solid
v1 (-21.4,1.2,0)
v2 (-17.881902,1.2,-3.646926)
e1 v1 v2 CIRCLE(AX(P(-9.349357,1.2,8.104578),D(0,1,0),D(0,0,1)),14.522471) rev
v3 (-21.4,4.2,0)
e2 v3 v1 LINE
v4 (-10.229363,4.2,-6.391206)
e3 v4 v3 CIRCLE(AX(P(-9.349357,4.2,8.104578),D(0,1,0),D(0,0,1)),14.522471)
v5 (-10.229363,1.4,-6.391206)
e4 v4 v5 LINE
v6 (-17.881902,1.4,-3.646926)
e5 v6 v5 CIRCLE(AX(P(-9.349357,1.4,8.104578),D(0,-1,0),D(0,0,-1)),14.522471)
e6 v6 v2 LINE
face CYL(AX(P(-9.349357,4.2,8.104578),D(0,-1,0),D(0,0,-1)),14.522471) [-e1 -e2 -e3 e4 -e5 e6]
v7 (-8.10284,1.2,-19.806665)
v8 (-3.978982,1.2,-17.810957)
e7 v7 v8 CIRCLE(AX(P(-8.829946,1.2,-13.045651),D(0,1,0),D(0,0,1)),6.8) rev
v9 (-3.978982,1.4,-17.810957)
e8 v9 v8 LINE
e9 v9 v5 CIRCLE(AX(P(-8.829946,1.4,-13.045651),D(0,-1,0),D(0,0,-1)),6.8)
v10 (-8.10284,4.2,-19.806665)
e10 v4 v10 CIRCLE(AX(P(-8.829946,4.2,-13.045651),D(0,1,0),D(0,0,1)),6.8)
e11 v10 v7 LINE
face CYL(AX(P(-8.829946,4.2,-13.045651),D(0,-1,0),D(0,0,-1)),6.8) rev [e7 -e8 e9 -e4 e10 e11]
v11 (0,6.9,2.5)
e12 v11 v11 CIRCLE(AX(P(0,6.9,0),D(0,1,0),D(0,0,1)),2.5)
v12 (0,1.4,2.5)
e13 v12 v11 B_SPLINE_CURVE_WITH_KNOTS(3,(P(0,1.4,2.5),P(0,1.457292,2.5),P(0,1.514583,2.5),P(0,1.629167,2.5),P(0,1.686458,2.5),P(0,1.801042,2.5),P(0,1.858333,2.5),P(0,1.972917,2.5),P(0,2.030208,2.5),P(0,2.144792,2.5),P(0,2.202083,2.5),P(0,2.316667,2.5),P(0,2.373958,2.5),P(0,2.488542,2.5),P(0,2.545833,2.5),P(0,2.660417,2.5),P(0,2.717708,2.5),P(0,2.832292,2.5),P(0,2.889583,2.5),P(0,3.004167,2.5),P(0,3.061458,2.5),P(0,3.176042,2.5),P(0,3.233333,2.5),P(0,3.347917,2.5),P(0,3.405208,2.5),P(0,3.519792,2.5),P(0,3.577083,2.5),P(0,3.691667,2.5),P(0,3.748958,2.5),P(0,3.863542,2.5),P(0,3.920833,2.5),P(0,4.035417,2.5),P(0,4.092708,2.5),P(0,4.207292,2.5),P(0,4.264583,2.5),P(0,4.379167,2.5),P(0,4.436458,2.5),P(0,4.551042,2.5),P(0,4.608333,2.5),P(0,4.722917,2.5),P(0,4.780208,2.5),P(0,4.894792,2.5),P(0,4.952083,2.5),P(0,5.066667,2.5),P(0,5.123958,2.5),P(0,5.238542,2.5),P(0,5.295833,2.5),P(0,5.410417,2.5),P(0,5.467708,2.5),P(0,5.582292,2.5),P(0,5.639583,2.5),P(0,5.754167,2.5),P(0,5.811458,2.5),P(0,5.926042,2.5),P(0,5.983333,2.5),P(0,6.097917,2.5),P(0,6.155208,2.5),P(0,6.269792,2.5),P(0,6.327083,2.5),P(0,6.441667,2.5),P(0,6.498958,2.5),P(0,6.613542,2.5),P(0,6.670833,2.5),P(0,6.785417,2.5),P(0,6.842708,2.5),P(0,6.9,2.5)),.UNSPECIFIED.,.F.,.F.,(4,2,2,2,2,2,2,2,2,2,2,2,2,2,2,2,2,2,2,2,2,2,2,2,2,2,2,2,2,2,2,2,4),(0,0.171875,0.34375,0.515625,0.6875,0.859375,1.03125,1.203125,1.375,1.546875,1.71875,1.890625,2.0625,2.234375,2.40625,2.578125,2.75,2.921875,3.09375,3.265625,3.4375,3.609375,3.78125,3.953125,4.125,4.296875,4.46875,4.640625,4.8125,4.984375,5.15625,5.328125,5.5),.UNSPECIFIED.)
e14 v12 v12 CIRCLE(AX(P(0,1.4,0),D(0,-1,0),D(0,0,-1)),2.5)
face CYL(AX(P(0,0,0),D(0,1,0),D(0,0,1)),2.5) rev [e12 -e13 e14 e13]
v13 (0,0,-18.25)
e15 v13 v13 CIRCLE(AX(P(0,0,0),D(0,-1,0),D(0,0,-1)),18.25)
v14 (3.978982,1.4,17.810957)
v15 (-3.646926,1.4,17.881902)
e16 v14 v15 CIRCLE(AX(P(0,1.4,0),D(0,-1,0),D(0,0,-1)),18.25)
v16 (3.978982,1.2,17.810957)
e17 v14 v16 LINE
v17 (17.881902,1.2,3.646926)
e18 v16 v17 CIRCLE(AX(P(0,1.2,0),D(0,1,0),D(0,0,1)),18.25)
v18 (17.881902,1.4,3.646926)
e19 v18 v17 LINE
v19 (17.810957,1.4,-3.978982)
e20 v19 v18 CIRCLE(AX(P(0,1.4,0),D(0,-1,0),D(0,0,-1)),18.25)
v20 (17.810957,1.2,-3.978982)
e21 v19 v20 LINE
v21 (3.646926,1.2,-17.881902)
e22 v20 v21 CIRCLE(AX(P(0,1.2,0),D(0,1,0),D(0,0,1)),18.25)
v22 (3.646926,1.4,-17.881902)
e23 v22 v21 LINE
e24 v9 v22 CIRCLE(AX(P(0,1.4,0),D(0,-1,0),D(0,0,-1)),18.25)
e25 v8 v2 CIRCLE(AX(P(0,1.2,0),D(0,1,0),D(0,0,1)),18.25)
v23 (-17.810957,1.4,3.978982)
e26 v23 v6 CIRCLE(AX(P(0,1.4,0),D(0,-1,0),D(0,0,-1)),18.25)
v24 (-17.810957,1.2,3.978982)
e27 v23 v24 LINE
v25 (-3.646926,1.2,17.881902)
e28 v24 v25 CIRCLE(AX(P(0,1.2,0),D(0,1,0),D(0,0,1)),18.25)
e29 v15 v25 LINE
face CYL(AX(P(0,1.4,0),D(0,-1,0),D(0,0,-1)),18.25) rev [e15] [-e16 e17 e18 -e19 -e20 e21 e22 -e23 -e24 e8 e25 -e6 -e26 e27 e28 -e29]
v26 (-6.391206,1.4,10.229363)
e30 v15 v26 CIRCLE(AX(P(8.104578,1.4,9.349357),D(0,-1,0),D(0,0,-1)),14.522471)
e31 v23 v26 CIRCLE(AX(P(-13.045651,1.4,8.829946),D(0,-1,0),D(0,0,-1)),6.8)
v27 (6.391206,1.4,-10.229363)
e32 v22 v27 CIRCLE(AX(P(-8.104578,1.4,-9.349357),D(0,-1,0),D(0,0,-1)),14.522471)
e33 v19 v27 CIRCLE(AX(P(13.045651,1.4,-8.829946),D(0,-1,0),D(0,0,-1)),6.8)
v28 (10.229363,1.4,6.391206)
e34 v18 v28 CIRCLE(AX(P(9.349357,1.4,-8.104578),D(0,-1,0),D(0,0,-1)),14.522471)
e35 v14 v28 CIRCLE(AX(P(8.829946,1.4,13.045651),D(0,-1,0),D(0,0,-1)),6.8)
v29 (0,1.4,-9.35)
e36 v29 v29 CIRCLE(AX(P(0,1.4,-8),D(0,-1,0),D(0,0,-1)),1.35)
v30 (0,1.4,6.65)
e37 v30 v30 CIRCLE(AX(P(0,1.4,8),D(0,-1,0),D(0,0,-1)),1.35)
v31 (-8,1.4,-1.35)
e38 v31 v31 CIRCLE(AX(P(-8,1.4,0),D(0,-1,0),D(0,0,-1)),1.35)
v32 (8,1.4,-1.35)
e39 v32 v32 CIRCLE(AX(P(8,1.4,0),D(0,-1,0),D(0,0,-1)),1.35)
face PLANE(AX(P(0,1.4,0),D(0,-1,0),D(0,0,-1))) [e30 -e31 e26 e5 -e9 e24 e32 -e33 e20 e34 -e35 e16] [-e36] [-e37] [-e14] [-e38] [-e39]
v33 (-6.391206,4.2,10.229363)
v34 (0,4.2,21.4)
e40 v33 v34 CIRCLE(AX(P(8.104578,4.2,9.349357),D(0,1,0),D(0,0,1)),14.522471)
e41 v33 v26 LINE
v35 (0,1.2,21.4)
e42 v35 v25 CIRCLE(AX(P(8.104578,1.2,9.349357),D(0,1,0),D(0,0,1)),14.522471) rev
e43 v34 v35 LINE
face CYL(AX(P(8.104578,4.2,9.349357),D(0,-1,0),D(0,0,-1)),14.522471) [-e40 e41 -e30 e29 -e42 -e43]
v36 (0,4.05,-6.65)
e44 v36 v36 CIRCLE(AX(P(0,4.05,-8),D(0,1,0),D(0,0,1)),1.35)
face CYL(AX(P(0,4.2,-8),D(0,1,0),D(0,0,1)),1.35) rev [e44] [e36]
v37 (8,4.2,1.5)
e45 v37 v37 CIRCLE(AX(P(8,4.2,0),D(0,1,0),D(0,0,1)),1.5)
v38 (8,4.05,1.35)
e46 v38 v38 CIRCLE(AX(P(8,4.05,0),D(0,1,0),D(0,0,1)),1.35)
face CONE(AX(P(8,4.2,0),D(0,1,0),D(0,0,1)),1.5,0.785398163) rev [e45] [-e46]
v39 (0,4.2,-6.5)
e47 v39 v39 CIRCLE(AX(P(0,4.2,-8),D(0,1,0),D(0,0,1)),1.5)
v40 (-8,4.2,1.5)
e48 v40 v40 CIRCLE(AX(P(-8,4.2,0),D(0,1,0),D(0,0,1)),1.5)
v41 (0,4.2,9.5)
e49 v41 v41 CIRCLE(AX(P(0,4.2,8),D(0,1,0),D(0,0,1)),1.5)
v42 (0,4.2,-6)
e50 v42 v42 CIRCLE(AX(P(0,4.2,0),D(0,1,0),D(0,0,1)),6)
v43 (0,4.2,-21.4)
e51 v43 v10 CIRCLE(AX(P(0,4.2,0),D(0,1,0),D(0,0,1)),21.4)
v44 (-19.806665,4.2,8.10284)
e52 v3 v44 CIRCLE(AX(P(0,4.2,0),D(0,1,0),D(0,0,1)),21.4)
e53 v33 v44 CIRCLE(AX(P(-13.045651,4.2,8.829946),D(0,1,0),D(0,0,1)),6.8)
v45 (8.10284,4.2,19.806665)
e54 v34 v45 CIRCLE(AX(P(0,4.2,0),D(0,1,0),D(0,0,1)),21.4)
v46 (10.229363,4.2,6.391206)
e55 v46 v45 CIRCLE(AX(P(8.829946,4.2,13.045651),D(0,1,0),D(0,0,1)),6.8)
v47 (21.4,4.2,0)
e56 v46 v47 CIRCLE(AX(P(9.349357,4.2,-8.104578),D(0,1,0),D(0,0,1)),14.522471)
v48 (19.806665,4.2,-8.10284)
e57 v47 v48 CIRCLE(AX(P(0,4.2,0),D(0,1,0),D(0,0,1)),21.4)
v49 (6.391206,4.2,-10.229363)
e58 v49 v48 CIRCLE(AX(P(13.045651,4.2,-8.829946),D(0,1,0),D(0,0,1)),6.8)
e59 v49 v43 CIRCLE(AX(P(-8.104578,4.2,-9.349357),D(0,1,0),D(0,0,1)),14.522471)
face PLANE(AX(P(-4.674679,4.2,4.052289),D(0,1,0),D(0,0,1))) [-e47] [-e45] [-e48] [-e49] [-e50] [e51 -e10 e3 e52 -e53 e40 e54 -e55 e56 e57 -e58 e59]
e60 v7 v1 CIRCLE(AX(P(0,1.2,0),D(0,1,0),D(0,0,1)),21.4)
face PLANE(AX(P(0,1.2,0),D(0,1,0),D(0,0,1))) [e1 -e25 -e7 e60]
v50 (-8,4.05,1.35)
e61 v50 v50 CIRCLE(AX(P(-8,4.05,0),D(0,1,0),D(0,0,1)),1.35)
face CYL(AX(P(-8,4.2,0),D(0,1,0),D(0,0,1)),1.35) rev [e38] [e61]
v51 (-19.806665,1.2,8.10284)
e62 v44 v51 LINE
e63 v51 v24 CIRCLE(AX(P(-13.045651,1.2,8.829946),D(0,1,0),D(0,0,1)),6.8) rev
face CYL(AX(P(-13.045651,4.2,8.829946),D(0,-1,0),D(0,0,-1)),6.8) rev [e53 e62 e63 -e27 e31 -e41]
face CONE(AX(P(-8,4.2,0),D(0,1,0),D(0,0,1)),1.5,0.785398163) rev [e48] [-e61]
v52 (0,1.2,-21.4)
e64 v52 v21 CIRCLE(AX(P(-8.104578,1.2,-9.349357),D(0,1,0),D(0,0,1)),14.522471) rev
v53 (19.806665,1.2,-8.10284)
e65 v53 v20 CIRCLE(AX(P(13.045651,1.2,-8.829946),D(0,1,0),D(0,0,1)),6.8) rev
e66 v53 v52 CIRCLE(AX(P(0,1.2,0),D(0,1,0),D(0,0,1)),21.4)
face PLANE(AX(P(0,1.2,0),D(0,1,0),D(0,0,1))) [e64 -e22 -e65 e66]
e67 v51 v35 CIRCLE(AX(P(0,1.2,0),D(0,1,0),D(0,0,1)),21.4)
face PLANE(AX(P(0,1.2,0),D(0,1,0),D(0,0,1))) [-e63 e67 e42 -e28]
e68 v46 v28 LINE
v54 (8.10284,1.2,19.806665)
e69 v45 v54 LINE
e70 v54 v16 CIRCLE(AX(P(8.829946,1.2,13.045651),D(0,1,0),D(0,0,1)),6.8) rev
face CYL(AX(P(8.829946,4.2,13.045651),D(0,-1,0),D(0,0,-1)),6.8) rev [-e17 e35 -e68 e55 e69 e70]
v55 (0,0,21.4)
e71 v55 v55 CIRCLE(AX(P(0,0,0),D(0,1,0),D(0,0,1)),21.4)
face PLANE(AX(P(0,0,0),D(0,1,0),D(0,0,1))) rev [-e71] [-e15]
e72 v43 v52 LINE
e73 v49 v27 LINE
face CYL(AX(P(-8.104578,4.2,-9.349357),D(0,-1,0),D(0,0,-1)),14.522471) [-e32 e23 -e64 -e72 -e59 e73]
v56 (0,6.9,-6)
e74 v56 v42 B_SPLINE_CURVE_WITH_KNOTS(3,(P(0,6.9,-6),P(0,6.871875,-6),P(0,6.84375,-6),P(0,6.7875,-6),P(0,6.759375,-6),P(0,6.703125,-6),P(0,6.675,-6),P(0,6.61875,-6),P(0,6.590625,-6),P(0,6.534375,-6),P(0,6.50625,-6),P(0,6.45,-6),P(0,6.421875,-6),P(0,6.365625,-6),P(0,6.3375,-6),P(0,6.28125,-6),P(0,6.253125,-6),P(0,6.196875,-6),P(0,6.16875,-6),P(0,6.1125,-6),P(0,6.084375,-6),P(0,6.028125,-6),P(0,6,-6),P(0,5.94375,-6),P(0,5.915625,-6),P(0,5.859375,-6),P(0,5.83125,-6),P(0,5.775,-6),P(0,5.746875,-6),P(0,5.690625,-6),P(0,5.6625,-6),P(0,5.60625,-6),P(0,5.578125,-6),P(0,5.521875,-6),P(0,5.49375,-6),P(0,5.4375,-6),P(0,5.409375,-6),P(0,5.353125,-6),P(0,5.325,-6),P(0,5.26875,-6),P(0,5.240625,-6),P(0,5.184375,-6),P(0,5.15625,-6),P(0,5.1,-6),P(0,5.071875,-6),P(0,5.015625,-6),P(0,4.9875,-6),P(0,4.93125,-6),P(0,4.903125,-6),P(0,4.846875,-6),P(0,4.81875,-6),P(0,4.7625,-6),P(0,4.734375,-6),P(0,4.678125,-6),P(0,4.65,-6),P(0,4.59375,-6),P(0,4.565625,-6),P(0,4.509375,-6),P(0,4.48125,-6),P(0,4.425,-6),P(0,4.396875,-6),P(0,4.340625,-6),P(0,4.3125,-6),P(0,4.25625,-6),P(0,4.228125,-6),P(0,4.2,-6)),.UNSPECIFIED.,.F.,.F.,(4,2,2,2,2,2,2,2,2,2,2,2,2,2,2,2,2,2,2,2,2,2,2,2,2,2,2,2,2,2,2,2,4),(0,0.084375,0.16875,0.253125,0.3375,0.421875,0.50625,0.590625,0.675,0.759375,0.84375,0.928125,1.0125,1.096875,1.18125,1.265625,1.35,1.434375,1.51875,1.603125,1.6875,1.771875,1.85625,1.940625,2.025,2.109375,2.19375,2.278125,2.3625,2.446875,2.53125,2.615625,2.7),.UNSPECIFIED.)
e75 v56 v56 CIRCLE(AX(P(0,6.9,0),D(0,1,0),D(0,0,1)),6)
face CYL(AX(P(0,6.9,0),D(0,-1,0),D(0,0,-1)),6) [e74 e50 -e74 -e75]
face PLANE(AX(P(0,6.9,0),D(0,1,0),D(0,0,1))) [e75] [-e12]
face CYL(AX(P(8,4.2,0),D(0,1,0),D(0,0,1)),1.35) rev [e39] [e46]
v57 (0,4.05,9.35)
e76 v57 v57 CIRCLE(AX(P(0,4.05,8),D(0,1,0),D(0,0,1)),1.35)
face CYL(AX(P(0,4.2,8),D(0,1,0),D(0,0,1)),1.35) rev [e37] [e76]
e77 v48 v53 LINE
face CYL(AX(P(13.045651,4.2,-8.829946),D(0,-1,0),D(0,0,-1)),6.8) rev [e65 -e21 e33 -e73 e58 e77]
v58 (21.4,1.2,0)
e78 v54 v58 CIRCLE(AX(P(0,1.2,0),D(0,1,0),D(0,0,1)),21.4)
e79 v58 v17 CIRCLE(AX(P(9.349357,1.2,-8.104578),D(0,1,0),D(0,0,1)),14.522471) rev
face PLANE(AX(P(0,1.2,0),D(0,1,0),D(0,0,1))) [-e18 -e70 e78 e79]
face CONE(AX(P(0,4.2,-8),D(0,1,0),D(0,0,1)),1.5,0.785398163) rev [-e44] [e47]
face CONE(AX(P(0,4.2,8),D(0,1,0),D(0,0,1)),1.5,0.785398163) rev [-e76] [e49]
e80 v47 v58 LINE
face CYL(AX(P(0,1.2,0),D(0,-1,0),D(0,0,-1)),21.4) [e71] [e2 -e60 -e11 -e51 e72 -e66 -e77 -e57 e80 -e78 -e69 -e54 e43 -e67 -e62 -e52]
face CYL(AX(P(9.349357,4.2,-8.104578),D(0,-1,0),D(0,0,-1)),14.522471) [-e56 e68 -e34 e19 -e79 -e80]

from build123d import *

# Parameters (mm, degrees)
SKETCH_4_R                = 21.4
EXTRUDE_2_DEPTH           = 1.2
EXTRUDE_5_DEPTH           = 4.2
SKETCH_7_R                = 18.25
CUT_EXTRUDE_2_DEPTH       = 1.4
SKETCH_9_R                = 6
EXTRUDE_6_DEPTH           = 2.7
SKETCH_10_R               = 2.5
CUT_EXTRUDE_3_DEPTH       = 32.040779629
HOLE_WIZARD_1_D           = 2.7
HOLE_WIZARD_1_CSINK_D     = 3
HOLE_WIZARD_1_CSINK_ANGLE = 90


with BuildPart() as part:
    # 草图4 → 凸台-拉伸2 (new body)
    with BuildSketch(Plane(origin=(0, 0, 0), x_dir=(1, 0, 0), z_dir=(0, 1, 0))):
        with Locations(Location((0, 0, 0), (0, 0, 270))):
            Circle(SKETCH_4_R)
    extrude(amount=EXTRUDE_2_DEPTH)

    # 草图5 → 凸台-拉伸5 (add)
    with BuildSketch(Plane(origin=(0, 0, 0), x_dir=(1, 0, 0), z_dir=(0, 1, 0))):
        with BuildLine():
            ThreePointArc((0, 21.4), (-4.129005127, 20.997888386), (-8.102840074, 19.806665109))
            ThreePointArc((-8.102840074, 19.806665109), (-2.113798114, 11.981054753), (-10.229363001, 6.391206133))
            ThreePointArc((-10.229363001, 6.391206133), (-16.561312382, 4.500574676), (-21.4, 0))
            ThreePointArc((-21.4, 0), (-20.997888386, -4.129005127), (-19.806665109, -8.102840074))
            ThreePointArc((-19.806665109, -8.102840074), (-11.981054753, -2.113798114), (-6.391206133, -10.229363001))
            ThreePointArc((-6.391206133, -10.229363001), (-4.500574676, -16.561312382), (0, -21.4))
            ThreePointArc((0, -21.4), (4.129005127, -20.997888386), (8.102840074, -19.806665109))
            ThreePointArc((8.102840074, -19.806665109), (2.113798114, -11.981054753), (10.229363001, -6.391206133))
            ThreePointArc((10.229363001, -6.391206133), (16.561312382, -4.500574676), (21.4, 0))
            ThreePointArc((21.4, 0), (20.997888386, 4.129005127), (19.806665109, 8.102840074))
            ThreePointArc((19.806665109, 8.102840074), (11.981054753, 2.113798114), (6.391206133, 10.229363001))
            ThreePointArc((6.391206133, 10.229363001), (4.500574676, 16.561312382), (0, 21.4))
        make_face()
    extrude(amount=EXTRUDE_5_DEPTH)

    # 草图7 → 切除-拉伸2 (cut)
    with BuildSketch(Plane.XZ):
        with Locations(Location((0, 0, 0), (0, 0, 270))):
            Circle(SKETCH_7_R)
    extrude(amount=-CUT_EXTRUDE_2_DEPTH, mode=Mode.SUBTRACT)

    # 草图9 → 凸台-拉伸6 (add)
    with BuildSketch(Plane(origin=(0, 4.2, 0), x_dir=(1, 0, 0), z_dir=(0, 1, 0))):
        with Locations(Location((0, 0, 0), (0, 0, 90))):
            Circle(SKETCH_9_R)
    extrude(amount=EXTRUDE_6_DEPTH)

    # 草图10 → 切除-拉伸3 (cut, through all)
    with BuildSketch(Plane(origin=(0, 6.9, 0), x_dir=(1, 0, 0), z_dir=(0, 1, 0))):
        with Locations(Location((0, 0, 0), (0, 0, 270))):
            Circle(SKETCH_10_R)
    extrude(amount=-CUT_EXTRUDE_3_DEPTH, mode=Mode.SUBTRACT)

    # 打孔尺寸(%根据)内六角花形半沉头螺钉的类型1 (through all)
    with Locations(Plane(origin=(-8, 4.2, 0), x_dir=(0, 0, 1), z_dir=(0, 1, 0))):
        with Locations((0, 0), (-8, 8), (0, 16), (8, 8)):
            CounterSinkHole(HOLE_WIZARD_1_D / 2, HOLE_WIZARD_1_CSINK_D / 2, counter_sink_angle=HOLE_WIZARD_1_CSINK_ANGLE)


solid = part.part
